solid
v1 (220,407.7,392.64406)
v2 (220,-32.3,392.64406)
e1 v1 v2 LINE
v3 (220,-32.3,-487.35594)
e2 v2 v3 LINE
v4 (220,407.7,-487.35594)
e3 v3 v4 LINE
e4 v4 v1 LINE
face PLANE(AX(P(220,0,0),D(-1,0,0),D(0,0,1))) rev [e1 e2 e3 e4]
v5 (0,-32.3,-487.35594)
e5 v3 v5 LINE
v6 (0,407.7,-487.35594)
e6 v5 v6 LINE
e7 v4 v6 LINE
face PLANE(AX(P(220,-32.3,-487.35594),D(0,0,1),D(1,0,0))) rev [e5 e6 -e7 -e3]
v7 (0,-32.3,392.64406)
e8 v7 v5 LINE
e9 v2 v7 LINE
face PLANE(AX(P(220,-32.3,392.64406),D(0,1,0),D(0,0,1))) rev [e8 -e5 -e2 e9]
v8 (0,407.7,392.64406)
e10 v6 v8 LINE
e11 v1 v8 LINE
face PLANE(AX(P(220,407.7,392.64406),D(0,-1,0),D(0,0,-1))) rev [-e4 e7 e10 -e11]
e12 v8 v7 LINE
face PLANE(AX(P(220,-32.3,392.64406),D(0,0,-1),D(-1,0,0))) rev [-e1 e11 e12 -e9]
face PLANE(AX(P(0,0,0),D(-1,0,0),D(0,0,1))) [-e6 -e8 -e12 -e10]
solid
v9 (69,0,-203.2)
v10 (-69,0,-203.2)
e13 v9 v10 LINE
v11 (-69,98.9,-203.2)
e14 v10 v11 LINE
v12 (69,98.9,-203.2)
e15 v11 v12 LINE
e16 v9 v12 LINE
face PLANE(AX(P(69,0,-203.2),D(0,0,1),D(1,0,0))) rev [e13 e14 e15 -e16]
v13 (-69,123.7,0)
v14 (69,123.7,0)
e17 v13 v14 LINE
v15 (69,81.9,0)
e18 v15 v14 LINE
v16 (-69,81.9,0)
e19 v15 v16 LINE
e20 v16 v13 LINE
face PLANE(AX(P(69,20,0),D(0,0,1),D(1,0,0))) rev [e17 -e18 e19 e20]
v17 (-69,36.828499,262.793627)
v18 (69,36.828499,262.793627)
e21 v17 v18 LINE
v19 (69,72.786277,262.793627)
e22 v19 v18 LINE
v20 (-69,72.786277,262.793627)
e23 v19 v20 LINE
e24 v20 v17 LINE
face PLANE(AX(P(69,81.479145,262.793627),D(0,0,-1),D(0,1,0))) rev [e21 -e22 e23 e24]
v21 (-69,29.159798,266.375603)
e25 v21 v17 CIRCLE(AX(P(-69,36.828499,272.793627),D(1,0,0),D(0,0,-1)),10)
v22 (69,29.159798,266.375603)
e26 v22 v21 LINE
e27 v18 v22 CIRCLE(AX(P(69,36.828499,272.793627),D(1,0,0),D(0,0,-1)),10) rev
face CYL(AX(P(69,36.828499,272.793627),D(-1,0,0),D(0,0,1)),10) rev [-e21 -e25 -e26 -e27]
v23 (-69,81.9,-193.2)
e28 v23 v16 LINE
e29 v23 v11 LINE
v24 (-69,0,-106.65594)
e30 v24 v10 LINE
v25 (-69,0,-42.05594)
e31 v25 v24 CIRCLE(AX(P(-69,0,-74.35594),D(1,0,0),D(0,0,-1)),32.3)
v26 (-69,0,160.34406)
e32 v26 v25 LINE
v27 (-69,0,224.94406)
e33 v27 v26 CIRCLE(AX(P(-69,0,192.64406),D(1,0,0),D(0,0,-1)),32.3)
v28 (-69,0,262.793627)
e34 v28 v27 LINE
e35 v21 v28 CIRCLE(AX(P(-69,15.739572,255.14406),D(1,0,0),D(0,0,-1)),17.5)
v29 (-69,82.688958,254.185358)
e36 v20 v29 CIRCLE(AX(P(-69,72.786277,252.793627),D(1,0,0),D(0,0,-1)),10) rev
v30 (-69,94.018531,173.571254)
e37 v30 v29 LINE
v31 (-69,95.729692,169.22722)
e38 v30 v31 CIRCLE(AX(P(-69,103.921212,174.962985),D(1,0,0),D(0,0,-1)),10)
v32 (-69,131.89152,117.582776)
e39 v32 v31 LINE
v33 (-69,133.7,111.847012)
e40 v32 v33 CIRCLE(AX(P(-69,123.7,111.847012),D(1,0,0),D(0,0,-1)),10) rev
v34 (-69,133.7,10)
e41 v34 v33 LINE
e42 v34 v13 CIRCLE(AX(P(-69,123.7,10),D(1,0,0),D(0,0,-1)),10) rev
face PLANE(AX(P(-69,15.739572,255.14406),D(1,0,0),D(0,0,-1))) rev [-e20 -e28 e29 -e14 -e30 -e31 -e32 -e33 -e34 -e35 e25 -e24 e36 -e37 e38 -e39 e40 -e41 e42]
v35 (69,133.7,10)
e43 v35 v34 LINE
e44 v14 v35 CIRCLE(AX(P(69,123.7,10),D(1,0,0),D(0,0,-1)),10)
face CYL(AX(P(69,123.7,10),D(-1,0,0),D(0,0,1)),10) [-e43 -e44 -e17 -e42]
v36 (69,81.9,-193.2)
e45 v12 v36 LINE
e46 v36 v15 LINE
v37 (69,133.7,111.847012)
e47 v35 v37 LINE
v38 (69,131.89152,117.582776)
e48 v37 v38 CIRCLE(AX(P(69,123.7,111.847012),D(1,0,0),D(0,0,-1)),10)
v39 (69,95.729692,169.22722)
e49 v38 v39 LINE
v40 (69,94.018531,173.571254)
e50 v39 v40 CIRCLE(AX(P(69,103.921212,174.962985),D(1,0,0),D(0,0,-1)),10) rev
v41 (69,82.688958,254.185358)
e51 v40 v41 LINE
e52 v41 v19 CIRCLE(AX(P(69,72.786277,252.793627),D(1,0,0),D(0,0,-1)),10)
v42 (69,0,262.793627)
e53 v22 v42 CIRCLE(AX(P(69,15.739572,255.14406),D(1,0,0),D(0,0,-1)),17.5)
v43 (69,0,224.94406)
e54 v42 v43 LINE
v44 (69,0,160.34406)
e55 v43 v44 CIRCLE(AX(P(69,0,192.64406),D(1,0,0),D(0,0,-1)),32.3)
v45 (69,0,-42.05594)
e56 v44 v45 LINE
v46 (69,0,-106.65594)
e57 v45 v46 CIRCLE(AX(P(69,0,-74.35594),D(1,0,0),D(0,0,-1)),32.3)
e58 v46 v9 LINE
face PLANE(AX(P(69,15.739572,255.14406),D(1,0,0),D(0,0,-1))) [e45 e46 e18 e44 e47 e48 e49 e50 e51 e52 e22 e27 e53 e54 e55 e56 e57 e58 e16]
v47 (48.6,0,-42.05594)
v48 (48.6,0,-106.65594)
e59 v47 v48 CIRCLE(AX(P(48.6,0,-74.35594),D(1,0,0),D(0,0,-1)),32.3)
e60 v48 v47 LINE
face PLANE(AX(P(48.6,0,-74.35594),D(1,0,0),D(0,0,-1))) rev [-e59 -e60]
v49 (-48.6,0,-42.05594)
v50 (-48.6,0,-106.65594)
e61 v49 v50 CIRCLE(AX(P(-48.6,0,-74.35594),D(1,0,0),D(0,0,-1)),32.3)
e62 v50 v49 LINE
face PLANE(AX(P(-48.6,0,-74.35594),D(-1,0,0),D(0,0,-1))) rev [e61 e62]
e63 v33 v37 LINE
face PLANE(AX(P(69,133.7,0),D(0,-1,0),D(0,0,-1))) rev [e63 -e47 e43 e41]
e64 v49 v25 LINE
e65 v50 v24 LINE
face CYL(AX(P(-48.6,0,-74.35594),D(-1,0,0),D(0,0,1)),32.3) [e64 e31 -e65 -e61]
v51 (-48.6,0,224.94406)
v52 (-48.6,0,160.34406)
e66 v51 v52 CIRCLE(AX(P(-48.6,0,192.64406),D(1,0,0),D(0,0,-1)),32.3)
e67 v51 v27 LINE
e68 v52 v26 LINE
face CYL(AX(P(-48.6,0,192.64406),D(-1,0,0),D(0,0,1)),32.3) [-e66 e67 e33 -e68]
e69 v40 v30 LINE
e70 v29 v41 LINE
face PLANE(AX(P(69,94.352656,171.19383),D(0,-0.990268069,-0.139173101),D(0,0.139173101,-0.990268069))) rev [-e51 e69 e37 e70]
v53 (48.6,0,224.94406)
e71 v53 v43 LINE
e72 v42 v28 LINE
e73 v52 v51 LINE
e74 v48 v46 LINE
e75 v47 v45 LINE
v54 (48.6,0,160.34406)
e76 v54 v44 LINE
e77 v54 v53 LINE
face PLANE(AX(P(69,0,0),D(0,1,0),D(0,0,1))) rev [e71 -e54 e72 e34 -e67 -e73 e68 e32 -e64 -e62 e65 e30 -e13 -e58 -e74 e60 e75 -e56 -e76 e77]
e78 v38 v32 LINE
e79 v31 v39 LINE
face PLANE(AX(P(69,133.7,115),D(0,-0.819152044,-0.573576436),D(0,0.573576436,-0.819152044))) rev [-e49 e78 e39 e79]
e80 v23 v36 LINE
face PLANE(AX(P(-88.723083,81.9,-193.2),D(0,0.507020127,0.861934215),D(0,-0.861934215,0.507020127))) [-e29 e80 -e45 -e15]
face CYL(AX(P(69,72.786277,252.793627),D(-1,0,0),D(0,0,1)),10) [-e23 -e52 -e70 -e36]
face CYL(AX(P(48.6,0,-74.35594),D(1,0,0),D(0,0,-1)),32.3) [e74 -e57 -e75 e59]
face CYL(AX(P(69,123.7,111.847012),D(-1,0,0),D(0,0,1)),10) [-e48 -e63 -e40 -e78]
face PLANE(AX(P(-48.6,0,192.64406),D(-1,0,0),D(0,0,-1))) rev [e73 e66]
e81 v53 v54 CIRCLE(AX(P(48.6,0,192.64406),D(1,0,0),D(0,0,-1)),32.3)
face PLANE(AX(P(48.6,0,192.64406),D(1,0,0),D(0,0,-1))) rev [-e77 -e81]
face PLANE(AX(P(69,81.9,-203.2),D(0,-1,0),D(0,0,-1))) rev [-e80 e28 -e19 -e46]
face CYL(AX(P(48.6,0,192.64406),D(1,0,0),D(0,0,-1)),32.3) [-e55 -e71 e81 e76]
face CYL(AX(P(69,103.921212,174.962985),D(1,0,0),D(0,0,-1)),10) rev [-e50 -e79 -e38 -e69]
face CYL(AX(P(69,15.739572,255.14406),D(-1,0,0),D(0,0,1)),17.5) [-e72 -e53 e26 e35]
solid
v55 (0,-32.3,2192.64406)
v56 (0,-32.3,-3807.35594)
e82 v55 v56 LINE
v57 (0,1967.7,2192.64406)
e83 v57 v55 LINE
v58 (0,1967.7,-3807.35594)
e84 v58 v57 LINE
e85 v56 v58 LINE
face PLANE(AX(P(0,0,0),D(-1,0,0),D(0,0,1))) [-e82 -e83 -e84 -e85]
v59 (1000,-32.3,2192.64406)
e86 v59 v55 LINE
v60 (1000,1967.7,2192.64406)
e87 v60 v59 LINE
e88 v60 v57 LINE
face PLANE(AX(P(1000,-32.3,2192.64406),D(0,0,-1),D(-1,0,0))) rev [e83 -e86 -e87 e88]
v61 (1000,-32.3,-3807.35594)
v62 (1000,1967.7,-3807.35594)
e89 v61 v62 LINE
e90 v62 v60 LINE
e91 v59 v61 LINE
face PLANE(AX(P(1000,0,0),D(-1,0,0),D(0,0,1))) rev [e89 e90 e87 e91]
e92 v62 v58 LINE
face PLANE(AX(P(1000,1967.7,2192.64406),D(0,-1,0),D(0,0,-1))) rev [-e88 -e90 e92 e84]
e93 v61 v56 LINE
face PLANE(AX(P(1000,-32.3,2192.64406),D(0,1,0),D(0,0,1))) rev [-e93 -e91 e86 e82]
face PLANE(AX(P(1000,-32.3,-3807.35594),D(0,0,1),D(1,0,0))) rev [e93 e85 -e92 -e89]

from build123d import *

# Parameters (mm, degrees)
BOSS_EXTRUDE1_DEPTH = 69
SKETCH4_W           = 15
SKETCH4_H           = 188.2
BOSS_EXTRUDE2_DEPTH = 61.9
BOSS_EXTRUDE3_DEPTH = 20.4
FILLET1_R           = 10
SKETCH6_W           = 6000
SKETCH6_H           = 2000
BOSS_EXTRUDE4_DEPTH = 1000
SKETCH8_W           = 880
SKETCH8_H           = 440
BOSS_EXTRUDE5_DEPTH = 220
SKETCH9_W           = 108
SKETCH9_H           = 188.2
BOSS_EXTRUDE6_DEPTH = 61.9
BOSS_EXTRUDE7_DEPTH = 138


with BuildPart() as part:
    # Sketch2 → Boss-Extrude1 (new body, symmetric)
    with BuildSketch(Plane(origin=(0, 0, 0), x_dir=(0, 0, -1), z_dir=(1, 0, 0))):
        with BuildLine():
            Line((-262.793626597, 0), (0, 0))
            Line((0, 0), (203.2, 0))
            Line((203.2, 0), (203.2, 81.9))
            Line((203.2, 81.9), (188.2, 81.9))
            Line((188.2, 81.9), (188.2, 20))
            Line((188.2, 20), (0, 20))
            Line((0, 20), (0, 133.7))
            Line((0, 133.7), (-115, 133.7))
            Line((-115, 133.7), (-171.193830238, 94.352656466))
            Line((-171.193830238, 94.352656466), (-262.793626597, 81.479144628))
            Line((-262.793626597, 81.479144628), (-262.793626597, 31.479144628))
            ThreePointArc((-262.793626597, 31.479144628), (-272.644060375, 15.739572314), (-262.793626597, 0))
        make_face()
    extrude(amount=BOSS_EXTRUDE1_DEPTH, both=True)

    # Sketch4 → Boss-Extrude2 (add)
    with BuildSketch(Plane(origin=(0, 20, 0), x_dir=(1, 0, 0), z_dir=(0, 1, 0))):
        with Locations((61.5, 94.1)):
            Rectangle(SKETCH4_W, SKETCH4_H)
    boss_extrude2 = extrude(amount=BOSS_EXTRUDE2_DEPTH)

    # Mirror1: Boss-Extrude2 across plane
    add(boss_extrude2.mirror(Plane(origin=(0, 0, 0), x_dir=(0, 0, 1), z_dir=(1, 0, 0))))

    # Sketch5 → Boss-Extrude3 (add)
    with BuildSketch(Plane(origin=(69, 0, 0), x_dir=(0, 0, -1), z_dir=(1, 0, 0))):
        with BuildLine():
            Line((-224.944060375, 0), (-160.344060375, 0))
            ThreePointArc((-160.344060375, 0), (-192.644060375, -32.3), (-224.944060375, 0))
        make_face()
        with BuildLine():
            Line((42.055939625, 0), (106.655939625, 0))
            ThreePointArc((106.655939625, 0), (74.355939625, -32.3), (42.055939625, 0))
        make_face()
    boss_extrude3 = extrude(amount=-BOSS_EXTRUDE3_DEPTH)

    # Mirror2: Boss-Extrude3 across plane
    add(boss_extrude3.mirror(Plane(origin=(0, 0, 0), x_dir=(0, 0, 1), z_dir=(1, 0, 0))))

    # Fillet1
    fillet1_edges = [part.edges().sort_by_distance(p)[0] for p in [
        (0, 31.479144628, 262.793626597),
        (0, 81.479144628, 262.793626597),
        (0, 94.352656466, 171.193830238),
        (0, 133.7, 115),
        (0, 133.7, 0),
    ]]
    fillet(fillet1_edges, radius=FILLET1_R)

    # Sketch9 → Boss-Extrude6 (add)
    with BuildSketch(Plane(origin=(0, 20, 0), x_dir=(1, 0, 0), z_dir=(0, 1, 0))):
        with Locations((0, 94.1)):
            Rectangle(SKETCH9_W, SKETCH9_H)
    extrude(amount=BOSS_EXTRUDE6_DEPTH)

    # Sketch10 → Boss-Extrude7 (add)
    with BuildSketch(Plane(origin=(69, 0, 0), x_dir=(0, 0, -1), z_dir=(1, 0, 0))):
        Polygon((203.2, 81.9), (193.2, 81.9), (203.2, 98.9), align=None)
    extrude(amount=-BOSS_EXTRUDE7_DEPTH)


with BuildPart() as body_2:
    # Sketch6 → Boss-Extrude4 (new body)
    with BuildSketch(Plane(origin=(0, 0, 0), x_dir=(0, 0, -1), z_dir=(1, 0, 0))):
        with Locations((807.355939625, 967.7)):
            Rectangle(SKETCH6_W, SKETCH6_H)
    extrude(amount=BOSS_EXTRUDE4_DEPTH)


with BuildPart() as body_3:
    # Sketch8 → Boss-Extrude5 (new body)
    with BuildSketch(Plane(origin=(0, 0, 0), x_dir=(0, 0, -1), z_dir=(1, 0, 0))):
        with Locations((47.355939625, 187.7)):
            Rectangle(SKETCH8_W, SKETCH8_H)
    extrude(amount=BOSS_EXTRUDE5_DEPTH)


solid = Compound([part.part, body_2.part, body_3.part])
